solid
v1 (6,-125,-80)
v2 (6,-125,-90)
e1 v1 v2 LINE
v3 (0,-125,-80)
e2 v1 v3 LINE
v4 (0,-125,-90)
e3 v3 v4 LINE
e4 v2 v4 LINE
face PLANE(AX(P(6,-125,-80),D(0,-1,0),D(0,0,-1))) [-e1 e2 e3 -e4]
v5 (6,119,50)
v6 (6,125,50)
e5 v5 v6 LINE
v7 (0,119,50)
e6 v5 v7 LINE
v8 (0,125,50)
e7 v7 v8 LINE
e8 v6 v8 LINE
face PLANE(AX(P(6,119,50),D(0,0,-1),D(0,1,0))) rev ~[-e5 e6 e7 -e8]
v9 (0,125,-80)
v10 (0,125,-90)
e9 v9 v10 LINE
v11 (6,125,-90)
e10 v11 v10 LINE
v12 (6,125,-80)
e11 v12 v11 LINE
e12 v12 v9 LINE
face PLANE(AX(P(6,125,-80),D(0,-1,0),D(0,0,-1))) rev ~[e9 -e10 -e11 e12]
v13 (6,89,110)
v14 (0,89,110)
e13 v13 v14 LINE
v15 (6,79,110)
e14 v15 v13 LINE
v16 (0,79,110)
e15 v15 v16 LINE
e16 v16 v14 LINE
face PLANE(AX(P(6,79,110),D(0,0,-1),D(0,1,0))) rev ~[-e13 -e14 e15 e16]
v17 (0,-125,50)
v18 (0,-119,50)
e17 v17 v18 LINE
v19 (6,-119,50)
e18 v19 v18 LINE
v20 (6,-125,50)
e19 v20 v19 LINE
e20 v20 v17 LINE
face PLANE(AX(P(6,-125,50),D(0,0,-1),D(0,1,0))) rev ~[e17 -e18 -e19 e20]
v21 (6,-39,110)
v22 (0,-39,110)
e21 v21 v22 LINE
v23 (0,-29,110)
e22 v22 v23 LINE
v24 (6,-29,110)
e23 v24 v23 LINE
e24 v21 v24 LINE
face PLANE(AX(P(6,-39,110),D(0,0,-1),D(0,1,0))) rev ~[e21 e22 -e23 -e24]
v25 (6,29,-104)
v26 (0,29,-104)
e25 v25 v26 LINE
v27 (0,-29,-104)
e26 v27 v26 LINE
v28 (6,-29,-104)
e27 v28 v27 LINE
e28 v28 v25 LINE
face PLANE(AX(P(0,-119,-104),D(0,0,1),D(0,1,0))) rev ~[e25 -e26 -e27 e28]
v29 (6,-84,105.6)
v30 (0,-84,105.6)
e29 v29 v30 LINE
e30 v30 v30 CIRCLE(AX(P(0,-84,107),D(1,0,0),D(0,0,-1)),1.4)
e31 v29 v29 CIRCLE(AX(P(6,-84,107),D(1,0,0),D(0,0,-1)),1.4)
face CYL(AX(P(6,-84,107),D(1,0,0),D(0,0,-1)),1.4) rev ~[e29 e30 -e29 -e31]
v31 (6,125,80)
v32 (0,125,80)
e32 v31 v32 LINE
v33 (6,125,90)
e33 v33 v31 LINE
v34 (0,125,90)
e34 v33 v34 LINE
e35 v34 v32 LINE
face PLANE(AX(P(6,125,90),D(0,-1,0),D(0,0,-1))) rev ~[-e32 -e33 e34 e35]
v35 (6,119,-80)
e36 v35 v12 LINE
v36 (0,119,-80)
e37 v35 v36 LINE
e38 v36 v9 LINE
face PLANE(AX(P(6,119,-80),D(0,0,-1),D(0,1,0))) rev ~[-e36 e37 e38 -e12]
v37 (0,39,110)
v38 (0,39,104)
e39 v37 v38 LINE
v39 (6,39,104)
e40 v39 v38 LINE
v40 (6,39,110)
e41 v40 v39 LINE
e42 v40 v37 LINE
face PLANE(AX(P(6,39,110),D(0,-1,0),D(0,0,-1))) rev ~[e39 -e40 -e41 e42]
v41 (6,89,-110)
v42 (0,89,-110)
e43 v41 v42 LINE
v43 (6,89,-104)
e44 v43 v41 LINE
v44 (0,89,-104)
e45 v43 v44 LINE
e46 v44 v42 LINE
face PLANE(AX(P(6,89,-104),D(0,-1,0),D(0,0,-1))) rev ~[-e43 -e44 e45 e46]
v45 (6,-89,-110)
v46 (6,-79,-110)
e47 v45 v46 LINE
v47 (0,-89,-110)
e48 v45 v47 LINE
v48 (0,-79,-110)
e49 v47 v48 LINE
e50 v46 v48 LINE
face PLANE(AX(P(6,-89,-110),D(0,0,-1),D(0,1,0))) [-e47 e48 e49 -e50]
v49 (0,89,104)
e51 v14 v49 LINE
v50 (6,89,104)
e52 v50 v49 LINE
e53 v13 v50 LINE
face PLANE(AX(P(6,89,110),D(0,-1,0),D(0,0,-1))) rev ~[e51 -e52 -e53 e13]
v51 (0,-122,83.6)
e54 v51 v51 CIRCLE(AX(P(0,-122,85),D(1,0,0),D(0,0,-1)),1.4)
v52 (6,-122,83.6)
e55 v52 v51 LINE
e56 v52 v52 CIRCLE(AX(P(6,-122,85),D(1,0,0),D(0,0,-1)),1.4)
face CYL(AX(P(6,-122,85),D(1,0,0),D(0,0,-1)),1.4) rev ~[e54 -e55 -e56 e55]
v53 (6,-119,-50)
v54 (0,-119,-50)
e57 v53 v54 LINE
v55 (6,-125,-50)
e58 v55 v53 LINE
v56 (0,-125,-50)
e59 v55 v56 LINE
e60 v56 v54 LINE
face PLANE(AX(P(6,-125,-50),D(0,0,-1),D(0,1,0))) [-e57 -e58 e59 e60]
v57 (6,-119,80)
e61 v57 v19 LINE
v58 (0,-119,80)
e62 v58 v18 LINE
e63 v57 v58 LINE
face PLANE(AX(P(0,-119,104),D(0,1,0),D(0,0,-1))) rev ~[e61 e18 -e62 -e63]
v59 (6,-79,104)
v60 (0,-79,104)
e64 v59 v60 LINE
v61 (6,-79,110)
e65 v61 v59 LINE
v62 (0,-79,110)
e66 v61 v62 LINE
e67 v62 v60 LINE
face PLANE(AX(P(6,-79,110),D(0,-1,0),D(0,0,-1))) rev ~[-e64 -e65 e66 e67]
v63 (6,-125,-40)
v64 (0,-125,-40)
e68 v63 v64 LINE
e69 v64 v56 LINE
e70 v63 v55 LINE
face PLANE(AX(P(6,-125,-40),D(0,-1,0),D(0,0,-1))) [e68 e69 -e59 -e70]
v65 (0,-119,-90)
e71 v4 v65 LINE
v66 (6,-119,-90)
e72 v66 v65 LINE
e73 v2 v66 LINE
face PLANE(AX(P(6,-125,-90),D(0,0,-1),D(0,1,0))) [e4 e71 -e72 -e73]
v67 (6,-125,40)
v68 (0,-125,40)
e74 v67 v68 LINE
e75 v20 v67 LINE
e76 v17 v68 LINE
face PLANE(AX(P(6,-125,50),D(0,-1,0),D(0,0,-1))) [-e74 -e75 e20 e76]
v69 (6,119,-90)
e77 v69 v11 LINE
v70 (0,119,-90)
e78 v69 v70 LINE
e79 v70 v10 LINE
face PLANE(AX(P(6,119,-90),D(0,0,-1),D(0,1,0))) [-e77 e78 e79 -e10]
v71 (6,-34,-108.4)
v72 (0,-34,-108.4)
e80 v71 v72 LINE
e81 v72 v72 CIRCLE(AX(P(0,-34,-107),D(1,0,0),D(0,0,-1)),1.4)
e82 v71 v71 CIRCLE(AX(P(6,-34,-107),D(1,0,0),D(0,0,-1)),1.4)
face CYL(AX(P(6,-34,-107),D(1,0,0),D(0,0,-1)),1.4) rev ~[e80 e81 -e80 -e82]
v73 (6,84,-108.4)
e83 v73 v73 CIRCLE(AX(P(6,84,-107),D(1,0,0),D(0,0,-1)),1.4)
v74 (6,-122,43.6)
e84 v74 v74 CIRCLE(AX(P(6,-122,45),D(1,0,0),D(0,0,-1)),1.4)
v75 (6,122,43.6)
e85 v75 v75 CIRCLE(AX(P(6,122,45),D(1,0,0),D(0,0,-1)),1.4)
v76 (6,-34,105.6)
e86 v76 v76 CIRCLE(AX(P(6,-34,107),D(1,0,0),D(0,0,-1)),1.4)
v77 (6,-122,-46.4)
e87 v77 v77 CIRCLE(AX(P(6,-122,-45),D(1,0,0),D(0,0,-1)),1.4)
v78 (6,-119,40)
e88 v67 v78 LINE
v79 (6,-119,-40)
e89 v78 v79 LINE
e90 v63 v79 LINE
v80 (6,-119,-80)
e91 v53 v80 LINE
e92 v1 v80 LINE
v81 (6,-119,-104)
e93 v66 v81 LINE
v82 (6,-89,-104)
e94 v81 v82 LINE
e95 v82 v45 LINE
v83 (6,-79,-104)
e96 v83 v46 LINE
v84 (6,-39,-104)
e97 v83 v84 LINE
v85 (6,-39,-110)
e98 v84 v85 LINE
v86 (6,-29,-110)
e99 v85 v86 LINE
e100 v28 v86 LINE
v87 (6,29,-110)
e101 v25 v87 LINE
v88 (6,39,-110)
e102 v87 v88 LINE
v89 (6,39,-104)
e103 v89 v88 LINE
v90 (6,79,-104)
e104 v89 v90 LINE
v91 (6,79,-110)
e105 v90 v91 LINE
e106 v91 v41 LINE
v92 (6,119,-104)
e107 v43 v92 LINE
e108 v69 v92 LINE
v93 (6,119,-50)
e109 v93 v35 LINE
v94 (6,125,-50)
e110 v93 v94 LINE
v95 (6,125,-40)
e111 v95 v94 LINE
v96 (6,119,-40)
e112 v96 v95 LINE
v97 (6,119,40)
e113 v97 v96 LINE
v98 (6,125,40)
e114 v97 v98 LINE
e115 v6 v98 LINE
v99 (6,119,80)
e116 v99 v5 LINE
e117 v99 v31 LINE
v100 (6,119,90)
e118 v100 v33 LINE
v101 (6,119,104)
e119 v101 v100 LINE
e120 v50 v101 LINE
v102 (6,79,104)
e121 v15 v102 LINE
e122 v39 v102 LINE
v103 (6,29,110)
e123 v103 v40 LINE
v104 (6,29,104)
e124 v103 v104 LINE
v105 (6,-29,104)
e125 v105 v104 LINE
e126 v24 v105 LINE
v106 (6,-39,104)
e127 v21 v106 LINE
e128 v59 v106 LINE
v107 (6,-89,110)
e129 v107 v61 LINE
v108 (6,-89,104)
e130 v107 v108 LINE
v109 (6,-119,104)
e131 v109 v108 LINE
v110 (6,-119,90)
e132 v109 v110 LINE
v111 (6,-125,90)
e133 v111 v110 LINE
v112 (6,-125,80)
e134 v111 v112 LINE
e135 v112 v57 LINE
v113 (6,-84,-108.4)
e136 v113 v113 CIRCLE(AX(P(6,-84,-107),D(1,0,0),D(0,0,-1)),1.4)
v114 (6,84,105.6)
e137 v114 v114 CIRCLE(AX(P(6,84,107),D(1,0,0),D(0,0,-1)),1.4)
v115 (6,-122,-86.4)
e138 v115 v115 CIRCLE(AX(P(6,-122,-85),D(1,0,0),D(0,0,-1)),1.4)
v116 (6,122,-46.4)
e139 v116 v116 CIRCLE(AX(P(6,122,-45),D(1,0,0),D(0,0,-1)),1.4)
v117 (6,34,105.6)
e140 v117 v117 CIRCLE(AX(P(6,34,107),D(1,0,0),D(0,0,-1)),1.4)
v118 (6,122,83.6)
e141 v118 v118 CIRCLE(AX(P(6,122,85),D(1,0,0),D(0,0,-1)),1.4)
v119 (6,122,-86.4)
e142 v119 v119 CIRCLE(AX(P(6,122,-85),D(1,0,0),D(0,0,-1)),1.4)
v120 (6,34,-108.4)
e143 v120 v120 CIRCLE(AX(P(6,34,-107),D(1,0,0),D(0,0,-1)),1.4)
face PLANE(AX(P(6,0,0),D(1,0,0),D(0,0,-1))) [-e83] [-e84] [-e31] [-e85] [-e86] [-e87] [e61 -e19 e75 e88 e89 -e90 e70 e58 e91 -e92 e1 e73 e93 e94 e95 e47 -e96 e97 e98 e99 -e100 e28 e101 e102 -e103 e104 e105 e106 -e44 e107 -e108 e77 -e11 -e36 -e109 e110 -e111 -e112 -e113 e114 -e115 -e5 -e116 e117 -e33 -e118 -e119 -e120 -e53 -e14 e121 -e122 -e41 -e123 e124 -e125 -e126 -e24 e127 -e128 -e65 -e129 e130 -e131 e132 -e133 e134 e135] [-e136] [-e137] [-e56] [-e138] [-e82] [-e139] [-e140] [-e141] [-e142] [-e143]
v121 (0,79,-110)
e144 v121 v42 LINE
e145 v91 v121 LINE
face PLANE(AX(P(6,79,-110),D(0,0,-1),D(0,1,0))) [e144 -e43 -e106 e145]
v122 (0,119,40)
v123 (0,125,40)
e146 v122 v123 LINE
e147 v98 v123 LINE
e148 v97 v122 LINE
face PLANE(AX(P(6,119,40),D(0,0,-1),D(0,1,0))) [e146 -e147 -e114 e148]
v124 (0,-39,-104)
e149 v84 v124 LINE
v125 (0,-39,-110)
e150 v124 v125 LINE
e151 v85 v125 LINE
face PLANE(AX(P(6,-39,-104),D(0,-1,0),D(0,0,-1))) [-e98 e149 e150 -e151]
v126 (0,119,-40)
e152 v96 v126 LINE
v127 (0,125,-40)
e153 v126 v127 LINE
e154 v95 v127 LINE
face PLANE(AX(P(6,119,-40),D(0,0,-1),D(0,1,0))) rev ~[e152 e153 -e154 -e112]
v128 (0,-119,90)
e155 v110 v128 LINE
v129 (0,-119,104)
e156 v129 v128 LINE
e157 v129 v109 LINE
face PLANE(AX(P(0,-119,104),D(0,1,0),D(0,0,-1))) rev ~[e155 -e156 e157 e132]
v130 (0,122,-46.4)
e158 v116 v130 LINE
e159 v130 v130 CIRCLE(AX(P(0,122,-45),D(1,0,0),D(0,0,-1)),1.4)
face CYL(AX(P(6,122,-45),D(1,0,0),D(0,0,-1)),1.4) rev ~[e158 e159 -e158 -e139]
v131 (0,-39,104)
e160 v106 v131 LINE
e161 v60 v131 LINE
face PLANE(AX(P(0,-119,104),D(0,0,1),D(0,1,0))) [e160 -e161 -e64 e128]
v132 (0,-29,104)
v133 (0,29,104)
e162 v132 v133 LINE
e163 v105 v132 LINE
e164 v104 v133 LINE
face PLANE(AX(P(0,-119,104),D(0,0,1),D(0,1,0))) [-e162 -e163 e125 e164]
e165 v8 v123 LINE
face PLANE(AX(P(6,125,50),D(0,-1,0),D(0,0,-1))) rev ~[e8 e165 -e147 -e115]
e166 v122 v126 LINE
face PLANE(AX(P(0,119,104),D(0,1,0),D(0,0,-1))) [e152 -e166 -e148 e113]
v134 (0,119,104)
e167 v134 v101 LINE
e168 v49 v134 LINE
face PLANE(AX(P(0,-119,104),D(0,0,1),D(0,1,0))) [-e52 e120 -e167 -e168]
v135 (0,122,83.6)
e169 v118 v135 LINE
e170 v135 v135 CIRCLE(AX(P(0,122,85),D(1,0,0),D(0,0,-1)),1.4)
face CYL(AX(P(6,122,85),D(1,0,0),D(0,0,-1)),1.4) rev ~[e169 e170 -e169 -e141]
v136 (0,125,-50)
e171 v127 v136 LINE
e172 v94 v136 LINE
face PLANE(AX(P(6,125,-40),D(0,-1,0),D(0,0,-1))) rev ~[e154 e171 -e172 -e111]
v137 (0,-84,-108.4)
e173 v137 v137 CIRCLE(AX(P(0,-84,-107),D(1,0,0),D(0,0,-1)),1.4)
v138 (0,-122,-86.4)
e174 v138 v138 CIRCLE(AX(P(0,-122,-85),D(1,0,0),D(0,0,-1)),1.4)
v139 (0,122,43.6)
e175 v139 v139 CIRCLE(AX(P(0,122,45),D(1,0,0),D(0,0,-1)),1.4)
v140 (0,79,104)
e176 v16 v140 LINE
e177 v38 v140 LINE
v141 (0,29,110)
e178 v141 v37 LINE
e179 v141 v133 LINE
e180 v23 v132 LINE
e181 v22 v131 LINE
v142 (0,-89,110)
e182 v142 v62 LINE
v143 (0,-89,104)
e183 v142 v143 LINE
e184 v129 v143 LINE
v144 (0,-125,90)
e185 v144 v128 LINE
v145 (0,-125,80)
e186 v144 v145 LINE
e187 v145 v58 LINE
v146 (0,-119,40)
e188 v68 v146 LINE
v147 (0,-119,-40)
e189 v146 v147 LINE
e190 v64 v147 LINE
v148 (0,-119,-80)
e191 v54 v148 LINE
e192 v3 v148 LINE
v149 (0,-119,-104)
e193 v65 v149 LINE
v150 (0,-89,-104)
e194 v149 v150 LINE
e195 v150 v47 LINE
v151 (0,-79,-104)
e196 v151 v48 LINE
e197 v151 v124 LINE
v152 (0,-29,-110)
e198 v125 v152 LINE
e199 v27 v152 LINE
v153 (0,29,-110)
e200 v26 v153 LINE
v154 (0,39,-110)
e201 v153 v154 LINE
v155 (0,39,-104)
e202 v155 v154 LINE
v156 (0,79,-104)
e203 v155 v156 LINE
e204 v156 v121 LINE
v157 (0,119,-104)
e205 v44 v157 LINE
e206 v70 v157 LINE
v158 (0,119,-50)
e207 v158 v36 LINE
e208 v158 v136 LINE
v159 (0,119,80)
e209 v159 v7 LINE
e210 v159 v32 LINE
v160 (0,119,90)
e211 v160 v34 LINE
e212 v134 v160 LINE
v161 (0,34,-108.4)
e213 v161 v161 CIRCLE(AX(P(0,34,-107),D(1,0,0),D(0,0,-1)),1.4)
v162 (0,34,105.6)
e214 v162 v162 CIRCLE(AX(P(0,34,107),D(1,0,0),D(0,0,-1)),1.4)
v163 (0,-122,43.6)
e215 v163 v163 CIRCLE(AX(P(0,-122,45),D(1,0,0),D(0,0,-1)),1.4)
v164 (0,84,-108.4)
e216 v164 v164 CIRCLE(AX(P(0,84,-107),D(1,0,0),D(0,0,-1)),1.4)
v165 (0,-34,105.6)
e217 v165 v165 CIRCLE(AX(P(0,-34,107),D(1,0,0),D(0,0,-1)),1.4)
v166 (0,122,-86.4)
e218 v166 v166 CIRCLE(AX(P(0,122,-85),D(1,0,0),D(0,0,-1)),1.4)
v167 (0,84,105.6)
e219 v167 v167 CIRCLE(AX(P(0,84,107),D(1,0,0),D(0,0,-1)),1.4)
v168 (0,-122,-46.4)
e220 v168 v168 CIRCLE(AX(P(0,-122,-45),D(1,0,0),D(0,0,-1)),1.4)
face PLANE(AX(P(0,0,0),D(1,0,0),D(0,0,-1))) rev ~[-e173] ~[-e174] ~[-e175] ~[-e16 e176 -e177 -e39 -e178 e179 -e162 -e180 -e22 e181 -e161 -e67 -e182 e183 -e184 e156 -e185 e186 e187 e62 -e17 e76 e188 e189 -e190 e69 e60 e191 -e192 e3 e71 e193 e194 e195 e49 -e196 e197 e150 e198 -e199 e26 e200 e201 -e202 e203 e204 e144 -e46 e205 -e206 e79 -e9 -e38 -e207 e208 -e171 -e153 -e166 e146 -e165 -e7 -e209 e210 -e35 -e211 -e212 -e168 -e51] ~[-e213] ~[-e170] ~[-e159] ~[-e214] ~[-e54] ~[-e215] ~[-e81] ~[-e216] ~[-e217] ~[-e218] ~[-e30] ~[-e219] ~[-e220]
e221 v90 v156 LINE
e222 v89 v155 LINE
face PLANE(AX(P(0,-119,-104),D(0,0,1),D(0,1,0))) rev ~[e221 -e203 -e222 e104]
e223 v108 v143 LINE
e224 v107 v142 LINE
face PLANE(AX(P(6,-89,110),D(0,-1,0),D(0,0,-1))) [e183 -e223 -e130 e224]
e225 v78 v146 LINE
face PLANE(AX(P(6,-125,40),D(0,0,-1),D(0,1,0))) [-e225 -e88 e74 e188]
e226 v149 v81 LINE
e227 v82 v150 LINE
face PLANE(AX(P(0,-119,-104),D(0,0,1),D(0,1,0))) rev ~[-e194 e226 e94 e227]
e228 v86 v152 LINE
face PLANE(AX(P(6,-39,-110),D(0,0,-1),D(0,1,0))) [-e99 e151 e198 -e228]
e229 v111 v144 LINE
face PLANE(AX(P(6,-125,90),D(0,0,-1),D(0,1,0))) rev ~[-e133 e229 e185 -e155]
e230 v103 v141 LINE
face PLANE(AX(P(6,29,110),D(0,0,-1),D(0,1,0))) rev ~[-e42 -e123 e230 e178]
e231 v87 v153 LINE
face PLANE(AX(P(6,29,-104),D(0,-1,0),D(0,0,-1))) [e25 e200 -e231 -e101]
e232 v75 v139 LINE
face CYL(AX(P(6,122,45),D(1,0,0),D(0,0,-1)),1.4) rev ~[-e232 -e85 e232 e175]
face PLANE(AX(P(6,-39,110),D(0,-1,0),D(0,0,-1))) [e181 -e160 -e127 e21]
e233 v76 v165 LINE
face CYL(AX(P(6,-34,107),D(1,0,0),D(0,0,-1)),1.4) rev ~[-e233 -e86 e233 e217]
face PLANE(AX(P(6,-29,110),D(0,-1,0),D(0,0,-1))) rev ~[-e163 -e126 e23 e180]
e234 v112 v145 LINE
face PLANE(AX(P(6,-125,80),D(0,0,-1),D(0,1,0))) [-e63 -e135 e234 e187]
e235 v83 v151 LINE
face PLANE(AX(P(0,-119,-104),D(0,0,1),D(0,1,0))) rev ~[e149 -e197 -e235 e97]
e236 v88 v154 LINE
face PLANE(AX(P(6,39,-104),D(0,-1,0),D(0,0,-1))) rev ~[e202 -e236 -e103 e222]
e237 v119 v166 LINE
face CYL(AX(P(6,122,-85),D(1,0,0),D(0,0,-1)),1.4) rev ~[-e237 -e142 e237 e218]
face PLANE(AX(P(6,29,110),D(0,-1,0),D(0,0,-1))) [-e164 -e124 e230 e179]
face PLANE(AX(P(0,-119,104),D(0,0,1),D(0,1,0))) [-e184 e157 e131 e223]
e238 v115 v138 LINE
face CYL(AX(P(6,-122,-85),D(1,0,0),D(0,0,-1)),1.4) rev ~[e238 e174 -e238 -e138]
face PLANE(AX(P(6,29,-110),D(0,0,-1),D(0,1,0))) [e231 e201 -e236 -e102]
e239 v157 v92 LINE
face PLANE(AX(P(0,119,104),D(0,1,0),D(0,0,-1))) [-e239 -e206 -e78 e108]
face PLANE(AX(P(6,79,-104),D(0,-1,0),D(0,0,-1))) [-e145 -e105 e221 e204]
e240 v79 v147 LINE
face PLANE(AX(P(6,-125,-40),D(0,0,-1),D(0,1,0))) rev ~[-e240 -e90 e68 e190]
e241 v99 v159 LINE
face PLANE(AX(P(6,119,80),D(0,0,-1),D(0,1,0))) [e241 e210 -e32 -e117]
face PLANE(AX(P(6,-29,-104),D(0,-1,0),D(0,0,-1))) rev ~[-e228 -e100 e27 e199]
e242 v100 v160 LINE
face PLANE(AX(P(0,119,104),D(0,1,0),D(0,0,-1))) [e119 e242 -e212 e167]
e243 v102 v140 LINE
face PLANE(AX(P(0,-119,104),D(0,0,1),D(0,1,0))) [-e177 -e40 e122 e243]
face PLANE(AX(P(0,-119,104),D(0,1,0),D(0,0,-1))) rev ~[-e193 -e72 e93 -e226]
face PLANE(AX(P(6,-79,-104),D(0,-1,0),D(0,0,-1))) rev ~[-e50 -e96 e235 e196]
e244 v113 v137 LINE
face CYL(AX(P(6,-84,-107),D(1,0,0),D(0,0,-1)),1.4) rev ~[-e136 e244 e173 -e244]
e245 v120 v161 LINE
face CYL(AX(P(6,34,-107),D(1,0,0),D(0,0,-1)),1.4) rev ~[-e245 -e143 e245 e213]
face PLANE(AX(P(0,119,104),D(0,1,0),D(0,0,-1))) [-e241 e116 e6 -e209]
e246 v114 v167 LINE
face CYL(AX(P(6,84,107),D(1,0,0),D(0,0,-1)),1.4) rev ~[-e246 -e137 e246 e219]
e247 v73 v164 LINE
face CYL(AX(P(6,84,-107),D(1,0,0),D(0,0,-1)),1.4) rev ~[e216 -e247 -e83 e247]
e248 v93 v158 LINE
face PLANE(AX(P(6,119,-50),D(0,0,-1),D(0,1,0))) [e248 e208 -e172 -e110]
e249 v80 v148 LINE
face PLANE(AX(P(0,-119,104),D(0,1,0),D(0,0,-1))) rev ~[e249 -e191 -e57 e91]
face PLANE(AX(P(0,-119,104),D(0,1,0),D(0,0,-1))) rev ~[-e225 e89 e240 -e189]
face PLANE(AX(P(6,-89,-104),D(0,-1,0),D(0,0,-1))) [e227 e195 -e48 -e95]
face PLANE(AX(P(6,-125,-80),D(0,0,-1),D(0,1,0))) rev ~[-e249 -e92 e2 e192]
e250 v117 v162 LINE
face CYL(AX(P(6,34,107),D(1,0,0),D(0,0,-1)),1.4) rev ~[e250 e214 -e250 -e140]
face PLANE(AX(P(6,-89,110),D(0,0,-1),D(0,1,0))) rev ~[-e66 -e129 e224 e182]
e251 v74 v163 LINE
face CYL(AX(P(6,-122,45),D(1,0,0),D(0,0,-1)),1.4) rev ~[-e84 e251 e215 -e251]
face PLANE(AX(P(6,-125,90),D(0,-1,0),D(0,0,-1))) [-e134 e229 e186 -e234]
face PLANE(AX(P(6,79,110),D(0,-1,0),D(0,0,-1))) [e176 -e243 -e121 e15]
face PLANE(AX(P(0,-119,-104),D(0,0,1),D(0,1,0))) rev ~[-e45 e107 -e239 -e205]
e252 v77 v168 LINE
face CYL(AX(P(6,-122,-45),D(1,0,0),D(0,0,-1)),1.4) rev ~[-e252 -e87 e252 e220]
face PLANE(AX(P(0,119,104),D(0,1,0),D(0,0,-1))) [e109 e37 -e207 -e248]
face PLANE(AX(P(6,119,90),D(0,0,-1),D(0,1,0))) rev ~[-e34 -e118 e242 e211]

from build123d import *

# Parameters (mm, degrees)
ESQUISSE1_W             = 208
ESQUISSE1_H             = 238
BOSS_EXTRU_1_DEPTH      = 6
ESQUISSE3_W             = 10
ESQUISSE3_H             = 6
ESQUISSE3_W_2           = 6
ESQUISSE3_H_2           = 10
BOSS_EXTRU_5_DEPTH      = 6
ESQUISSE4_R             = 1.4
ENL_V_MAT_EXTRU_1_DEPTH = 6


with BuildPart() as part:
    # Esquisse1 → Boss.-Extru.1 (new body)
    with BuildSketch(Plane(origin=(0, 0, 0), x_dir=(0, 0, -1), z_dir=(1, 0, 0))):
        Rectangle(ESQUISSE1_W, ESQUISSE1_H)
    extrude(amount=BOSS_EXTRU_1_DEPTH)

    # Esquisse3 → Boss.-Extru.5 (add)
    with BuildSketch(Plane(origin=(6, 0, 0), x_dir=(0, 0, -1), z_dir=(1, 0, 0))):
        with Locations((-85, -122)):
            Rectangle(ESQUISSE3_W, ESQUISSE3_H)
        with Locations((-45, -122)):
            Rectangle(ESQUISSE3_W, ESQUISSE3_H)
        with Locations((107, -34)):
            Rectangle(ESQUISSE3_W_2, ESQUISSE3_H_2)
        with Locations((-107, -84)):
            Rectangle(ESQUISSE3_W_2, ESQUISSE3_H_2)
        with Locations((-107, -34)):
            Rectangle(ESQUISSE3_W_2, ESQUISSE3_H_2)
        with Locations((107, -84)):
            Rectangle(ESQUISSE3_W_2, ESQUISSE3_H_2)
        with Locations((45, -122)):
            Rectangle(ESQUISSE3_W, ESQUISSE3_H)
        with Locations((85, -122)):
            Rectangle(ESQUISSE3_W, ESQUISSE3_H)
        with Locations((85, 122)):
            Rectangle(ESQUISSE3_W, ESQUISSE3_H)
        with Locations((45, 122)):
            Rectangle(ESQUISSE3_W, ESQUISSE3_H)
        with Locations((107, 84)):
            Rectangle(ESQUISSE3_W_2, ESQUISSE3_H_2)
        with Locations((107, 34)):
            Rectangle(ESQUISSE3_W_2, ESQUISSE3_H_2)
        with Locations((-107, 34)):
            Rectangle(ESQUISSE3_W_2, ESQUISSE3_H_2)
        with Locations((-107, 84)):
            Rectangle(ESQUISSE3_W_2, ESQUISSE3_H_2)
        with Locations((-45, 122)):
            Rectangle(ESQUISSE3_W, ESQUISSE3_H)
        with Locations((-85, 122)):
            Rectangle(ESQUISSE3_W, ESQUISSE3_H)
    extrude(amount=-BOSS_EXTRU_5_DEPTH)

    # Esquisse4 → Enlèv. mat.-Extru.1 (cut)
    with BuildSketch(Plane(origin=(6, 0, 0), x_dir=(0, 0, -1), z_dir=(1, 0, 0))):
        with Locations((-85, 122)):
            Circle(ESQUISSE4_R)
        with Locations((-45, 122)):
            Circle(ESQUISSE4_R)
        with Locations((-107, 84)):
            Circle(ESQUISSE4_R)
        with Locations((-107, 34)):
            Circle(ESQUISSE4_R)
        with Locations((107, 34)):
            Circle(ESQUISSE4_R)
        with Locations((107, 84)):
            Circle(ESQUISSE4_R)
        with Locations((45, 122)):
            Circle(ESQUISSE4_R)
        with Locations((85, 122)):
            Circle(ESQUISSE4_R)
        with Locations((85, -122)):
            Circle(ESQUISSE4_R)
        with Locations((45, -122)):
            Circle(ESQUISSE4_R)
        with Locations((107, -84)):
            Circle(ESQUISSE4_R)
        with Locations((107, -34)):
            Circle(ESQUISSE4_R)
        with Locations((-107, -34)):
            Circle(ESQUISSE4_R)
        with Locations((-107, -84)):
            Circle(ESQUISSE4_R)
        with Locations((-45, -122)):
            Circle(ESQUISSE4_R)
        with Locations((-85, -122)):
            Circle(ESQUISSE4_R)
    extrude(amount=-ENL_V_MAT_EXTRU_1_DEPTH, mode=Mode.SUBTRACT)


solid = part.part
